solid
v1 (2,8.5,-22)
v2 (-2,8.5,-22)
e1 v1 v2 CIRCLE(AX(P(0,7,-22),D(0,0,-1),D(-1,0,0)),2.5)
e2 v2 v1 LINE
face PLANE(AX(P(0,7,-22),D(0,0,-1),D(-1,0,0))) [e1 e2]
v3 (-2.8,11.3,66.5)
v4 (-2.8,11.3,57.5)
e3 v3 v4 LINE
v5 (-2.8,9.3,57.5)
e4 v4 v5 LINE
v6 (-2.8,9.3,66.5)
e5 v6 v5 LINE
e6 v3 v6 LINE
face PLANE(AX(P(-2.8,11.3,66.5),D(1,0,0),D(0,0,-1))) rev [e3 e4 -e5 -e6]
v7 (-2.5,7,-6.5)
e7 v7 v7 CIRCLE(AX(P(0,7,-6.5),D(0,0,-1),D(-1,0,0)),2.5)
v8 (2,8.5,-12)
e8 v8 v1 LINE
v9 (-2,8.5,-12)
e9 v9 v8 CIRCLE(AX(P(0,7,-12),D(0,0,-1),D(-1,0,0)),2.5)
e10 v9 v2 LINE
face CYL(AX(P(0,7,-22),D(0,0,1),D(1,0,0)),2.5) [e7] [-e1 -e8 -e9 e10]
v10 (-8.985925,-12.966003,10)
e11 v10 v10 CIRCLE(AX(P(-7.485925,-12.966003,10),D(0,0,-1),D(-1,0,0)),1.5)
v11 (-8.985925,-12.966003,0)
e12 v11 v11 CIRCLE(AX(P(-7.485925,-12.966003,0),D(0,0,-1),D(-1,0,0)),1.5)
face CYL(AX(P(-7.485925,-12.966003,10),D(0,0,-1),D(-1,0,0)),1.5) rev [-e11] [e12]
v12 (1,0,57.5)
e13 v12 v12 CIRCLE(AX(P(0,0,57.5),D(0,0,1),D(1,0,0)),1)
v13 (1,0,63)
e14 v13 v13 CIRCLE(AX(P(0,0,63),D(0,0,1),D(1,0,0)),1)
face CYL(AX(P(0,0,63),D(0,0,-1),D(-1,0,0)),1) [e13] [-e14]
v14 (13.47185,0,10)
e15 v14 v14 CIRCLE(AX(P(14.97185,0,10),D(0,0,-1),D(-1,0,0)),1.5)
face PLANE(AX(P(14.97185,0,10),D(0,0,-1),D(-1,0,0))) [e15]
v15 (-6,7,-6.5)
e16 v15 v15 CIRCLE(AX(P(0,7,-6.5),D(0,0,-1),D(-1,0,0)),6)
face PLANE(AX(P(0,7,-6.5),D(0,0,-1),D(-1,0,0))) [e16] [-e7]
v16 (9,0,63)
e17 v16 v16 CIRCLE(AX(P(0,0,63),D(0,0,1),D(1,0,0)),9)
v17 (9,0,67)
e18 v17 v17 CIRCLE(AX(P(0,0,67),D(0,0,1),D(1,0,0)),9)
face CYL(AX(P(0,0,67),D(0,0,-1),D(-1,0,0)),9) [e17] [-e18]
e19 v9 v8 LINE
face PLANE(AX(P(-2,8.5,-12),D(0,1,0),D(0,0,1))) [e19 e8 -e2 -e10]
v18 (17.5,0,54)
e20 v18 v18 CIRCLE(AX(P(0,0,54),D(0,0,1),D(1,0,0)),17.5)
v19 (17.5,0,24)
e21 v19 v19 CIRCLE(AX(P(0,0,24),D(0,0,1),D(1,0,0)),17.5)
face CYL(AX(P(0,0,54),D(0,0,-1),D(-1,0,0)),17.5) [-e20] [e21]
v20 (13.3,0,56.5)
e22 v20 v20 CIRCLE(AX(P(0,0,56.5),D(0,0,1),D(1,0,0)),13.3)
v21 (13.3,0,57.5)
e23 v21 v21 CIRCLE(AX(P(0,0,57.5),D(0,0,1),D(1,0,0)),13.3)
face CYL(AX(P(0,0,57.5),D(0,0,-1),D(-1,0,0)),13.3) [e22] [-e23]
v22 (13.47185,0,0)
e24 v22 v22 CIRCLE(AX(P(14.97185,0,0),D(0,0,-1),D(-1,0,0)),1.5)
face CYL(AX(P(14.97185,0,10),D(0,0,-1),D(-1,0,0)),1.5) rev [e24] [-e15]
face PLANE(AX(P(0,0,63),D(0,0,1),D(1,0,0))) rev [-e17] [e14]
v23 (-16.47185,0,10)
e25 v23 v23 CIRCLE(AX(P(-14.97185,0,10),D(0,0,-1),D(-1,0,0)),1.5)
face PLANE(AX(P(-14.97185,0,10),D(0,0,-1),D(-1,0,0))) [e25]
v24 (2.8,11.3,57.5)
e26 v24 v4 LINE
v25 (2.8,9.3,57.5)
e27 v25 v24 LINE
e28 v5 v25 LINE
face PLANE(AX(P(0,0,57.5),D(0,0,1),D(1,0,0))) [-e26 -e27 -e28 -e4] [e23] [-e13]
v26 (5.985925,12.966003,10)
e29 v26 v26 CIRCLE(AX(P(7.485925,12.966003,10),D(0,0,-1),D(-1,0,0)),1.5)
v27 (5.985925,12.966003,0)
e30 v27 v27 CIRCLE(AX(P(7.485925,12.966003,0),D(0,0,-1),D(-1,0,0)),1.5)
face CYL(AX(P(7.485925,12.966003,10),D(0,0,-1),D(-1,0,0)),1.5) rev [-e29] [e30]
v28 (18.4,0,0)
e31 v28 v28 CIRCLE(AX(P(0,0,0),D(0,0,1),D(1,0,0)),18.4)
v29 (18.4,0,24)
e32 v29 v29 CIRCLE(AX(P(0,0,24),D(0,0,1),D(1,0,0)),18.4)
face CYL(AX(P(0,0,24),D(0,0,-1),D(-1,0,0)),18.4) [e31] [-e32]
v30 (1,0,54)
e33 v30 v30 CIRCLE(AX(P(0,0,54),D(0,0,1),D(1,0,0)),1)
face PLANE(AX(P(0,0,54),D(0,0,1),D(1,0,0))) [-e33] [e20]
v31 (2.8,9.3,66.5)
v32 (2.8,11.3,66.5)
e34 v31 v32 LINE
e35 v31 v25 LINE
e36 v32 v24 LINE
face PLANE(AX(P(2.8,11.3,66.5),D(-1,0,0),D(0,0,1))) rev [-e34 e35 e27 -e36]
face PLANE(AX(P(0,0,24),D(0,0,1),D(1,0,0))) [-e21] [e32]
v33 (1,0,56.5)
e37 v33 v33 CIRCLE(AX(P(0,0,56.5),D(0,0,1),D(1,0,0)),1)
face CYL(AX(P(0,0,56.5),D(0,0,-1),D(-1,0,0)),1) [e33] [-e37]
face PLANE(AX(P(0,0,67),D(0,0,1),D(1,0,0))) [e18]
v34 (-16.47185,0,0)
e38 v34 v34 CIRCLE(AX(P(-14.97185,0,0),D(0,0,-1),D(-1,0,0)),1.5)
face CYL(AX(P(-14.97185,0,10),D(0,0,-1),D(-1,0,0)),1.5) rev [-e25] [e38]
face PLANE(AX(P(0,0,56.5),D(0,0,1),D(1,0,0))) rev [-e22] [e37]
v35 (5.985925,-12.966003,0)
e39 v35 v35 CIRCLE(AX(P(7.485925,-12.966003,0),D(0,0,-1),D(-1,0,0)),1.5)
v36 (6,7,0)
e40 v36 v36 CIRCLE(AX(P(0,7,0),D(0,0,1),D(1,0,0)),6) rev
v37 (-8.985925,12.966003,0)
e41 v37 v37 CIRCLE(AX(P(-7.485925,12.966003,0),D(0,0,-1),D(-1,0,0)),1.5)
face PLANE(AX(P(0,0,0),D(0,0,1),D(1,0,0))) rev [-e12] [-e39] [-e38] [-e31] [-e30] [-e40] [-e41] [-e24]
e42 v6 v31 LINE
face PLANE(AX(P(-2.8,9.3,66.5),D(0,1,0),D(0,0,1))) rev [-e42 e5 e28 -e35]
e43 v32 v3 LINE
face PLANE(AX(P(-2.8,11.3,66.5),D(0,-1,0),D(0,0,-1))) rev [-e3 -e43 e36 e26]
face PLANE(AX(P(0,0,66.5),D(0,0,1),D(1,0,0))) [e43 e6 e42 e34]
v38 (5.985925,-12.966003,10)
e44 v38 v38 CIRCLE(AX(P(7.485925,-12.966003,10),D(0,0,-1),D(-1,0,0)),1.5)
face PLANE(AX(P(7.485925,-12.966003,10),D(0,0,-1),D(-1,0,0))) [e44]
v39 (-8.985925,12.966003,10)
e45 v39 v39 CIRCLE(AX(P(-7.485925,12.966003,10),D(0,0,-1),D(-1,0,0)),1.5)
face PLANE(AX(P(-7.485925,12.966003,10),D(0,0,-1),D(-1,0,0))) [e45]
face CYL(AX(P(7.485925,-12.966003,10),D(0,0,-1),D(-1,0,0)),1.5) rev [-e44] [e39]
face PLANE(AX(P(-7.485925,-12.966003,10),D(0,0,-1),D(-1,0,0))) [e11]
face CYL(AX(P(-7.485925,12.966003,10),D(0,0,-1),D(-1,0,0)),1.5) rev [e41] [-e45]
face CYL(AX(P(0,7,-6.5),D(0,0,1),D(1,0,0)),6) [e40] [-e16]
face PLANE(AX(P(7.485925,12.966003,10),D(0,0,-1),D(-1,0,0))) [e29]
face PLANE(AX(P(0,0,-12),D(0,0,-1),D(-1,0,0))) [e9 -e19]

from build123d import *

# Parameters (mm, degrees)
ESBO_O1_R                 = 18.4
RESSALTO_EXTRUS_O1_DEPTH  = 24
ESBO_O2_R                 = 17.5
RESSALTO_EXTRUS_O2_DEPTH  = 30
ESBO_O3_R                 = 6
RESSALTO_EXTRUS_O3_DEPTH  = 6.5
ESBO_O4_R                 = 2.5
RESSALTO_EXTRUS_O4_DEPTH  = 15.5
ESBO_O5_R                 = 1.5
CORTE_EXTRUS_O1_DEPTH     = 10
ESBO_O6_R                 = 1
RESSALTO_EXTRUS_O5_DEPTH  = 2.5
ESBO_O8_R                 = 13.3
RESSALTO_EXTRUS_O7_DEPTH  = 1
ESBO_O9_R                 = 1
RESSALTO_EXTRUS_O8_DEPTH  = 5.5
ESBO_O10_R                = 9
RESSALTO_EXTRUS_O9_DEPTH  = 4
ESBO_O11_W                = 5.6
ESBO_O11_H                = 2
RESSALTO_EXTRUS_O10_DEPTH = 9
ESBO_O12_OUTSIDE_W        = 59.42
ESBO_O12_OUTSIDE_H        = 59.42
CORTE_EXTRUS_O2_DEPTH     = 10


with BuildPart() as part:
    # Esboço1 → Ressalto-extrusão1 (new body)
    with BuildSketch(Plane.XY):
        Circle(ESBO_O1_R)
    extrude(amount=RESSALTO_EXTRUS_O1_DEPTH)

    # Esboço2 → Ressalto-extrusão2 (add)
    with BuildSketch(Plane.XY.offset(24)):
        Circle(ESBO_O2_R)
    extrude(amount=RESSALTO_EXTRUS_O2_DEPTH)

    # Esboço3 → Ressalto-extrusão3 (add)
    with BuildSketch(Plane(origin=(0, 0, 0), x_dir=(-1, 0, 0), z_dir=(0, 0, -1))):
        with Locations((0, 7)):
            Circle(ESBO_O3_R)
    extrude(amount=RESSALTO_EXTRUS_O3_DEPTH)

    # Esboço4 → Ressalto-extrusão4 (add)
    with BuildSketch(Plane(origin=(0, 0, -6.5), x_dir=(-1, 0, 0), z_dir=(0, 0, -1))):
        with Locations((0, 7)):
            Circle(ESBO_O4_R)
    extrude(amount=RESSALTO_EXTRUS_O4_DEPTH)

    # Esboço5 → Corte-extrusão1 (cut)
    with BuildSketch(Plane(origin=(0, 0, 0), x_dir=(-1, 0, 0), z_dir=(0, 0, -1))):
        with Locations((7.485925154, 12.966002708)):
            Circle(ESBO_O5_R)
        with Locations((14.971850307, 0)):
            Circle(ESBO_O5_R)
        with Locations((7.485925154, -12.966002708)):
            Circle(ESBO_O5_R)
        with Locations((-7.485925154, -12.966002708)):
            Circle(ESBO_O5_R)
        with Locations((-14.971850307, 0)):
            Circle(ESBO_O5_R)
        with Locations((-7.485925154, 12.966002708)):
            Circle(ESBO_O5_R)
    extrude(amount=-CORTE_EXTRUS_O1_DEPTH, mode=Mode.SUBTRACT)

    # Esboço6 → Ressalto-extrusão5 (add)
    with BuildSketch(Plane.XY.offset(54)):
        Circle(ESBO_O6_R)
    extrude(amount=RESSALTO_EXTRUS_O5_DEPTH)

    # Esboço8 → Ressalto-extrusão7 (add)
    with BuildSketch(Plane.XY.offset(56.5)):
        Circle(ESBO_O8_R)
    extrude(amount=RESSALTO_EXTRUS_O7_DEPTH)

    # Esboço9 → Ressalto-extrusão8 (add)
    with BuildSketch(Plane.XY.offset(57.5)):
        Circle(ESBO_O9_R)
    extrude(amount=RESSALTO_EXTRUS_O8_DEPTH)

    # Esboço10 → Ressalto-extrusão9 (add)
    with BuildSketch(Plane.XY.offset(63)):
        Circle(ESBO_O10_R)
    extrude(amount=RESSALTO_EXTRUS_O9_DEPTH)

    # Esboço11 → Ressalto-extrusão10 (add)
    with BuildSketch(Plane.XY.offset(57.5)):
        with Locations((0, 10.3)):
            Rectangle(ESBO_O11_W, ESBO_O11_H)
    extrude(amount=RESSALTO_EXTRUS_O10_DEPTH)

    # Esboço12 outside → Corte-extrusão2 (cut)
    with BuildSketch(Plane(origin=(0, 0, -22), x_dir=(-1, 0, 0), z_dir=(0, 0, -1))):
        Rectangle(ESBO_O12_OUTSIDE_W, ESBO_O12_OUTSIDE_H)
        with BuildLine():
            Line((2, 8.5), (-2, 8.5))
            ThreePointArc((-2, 8.5), (0, 4.5), (2, 8.5))
        make_face(mode=Mode.SUBTRACT)
    extrude(amount=-CORTE_EXTRUS_O2_DEPTH, mode=Mode.SUBTRACT)


solid = part.part
